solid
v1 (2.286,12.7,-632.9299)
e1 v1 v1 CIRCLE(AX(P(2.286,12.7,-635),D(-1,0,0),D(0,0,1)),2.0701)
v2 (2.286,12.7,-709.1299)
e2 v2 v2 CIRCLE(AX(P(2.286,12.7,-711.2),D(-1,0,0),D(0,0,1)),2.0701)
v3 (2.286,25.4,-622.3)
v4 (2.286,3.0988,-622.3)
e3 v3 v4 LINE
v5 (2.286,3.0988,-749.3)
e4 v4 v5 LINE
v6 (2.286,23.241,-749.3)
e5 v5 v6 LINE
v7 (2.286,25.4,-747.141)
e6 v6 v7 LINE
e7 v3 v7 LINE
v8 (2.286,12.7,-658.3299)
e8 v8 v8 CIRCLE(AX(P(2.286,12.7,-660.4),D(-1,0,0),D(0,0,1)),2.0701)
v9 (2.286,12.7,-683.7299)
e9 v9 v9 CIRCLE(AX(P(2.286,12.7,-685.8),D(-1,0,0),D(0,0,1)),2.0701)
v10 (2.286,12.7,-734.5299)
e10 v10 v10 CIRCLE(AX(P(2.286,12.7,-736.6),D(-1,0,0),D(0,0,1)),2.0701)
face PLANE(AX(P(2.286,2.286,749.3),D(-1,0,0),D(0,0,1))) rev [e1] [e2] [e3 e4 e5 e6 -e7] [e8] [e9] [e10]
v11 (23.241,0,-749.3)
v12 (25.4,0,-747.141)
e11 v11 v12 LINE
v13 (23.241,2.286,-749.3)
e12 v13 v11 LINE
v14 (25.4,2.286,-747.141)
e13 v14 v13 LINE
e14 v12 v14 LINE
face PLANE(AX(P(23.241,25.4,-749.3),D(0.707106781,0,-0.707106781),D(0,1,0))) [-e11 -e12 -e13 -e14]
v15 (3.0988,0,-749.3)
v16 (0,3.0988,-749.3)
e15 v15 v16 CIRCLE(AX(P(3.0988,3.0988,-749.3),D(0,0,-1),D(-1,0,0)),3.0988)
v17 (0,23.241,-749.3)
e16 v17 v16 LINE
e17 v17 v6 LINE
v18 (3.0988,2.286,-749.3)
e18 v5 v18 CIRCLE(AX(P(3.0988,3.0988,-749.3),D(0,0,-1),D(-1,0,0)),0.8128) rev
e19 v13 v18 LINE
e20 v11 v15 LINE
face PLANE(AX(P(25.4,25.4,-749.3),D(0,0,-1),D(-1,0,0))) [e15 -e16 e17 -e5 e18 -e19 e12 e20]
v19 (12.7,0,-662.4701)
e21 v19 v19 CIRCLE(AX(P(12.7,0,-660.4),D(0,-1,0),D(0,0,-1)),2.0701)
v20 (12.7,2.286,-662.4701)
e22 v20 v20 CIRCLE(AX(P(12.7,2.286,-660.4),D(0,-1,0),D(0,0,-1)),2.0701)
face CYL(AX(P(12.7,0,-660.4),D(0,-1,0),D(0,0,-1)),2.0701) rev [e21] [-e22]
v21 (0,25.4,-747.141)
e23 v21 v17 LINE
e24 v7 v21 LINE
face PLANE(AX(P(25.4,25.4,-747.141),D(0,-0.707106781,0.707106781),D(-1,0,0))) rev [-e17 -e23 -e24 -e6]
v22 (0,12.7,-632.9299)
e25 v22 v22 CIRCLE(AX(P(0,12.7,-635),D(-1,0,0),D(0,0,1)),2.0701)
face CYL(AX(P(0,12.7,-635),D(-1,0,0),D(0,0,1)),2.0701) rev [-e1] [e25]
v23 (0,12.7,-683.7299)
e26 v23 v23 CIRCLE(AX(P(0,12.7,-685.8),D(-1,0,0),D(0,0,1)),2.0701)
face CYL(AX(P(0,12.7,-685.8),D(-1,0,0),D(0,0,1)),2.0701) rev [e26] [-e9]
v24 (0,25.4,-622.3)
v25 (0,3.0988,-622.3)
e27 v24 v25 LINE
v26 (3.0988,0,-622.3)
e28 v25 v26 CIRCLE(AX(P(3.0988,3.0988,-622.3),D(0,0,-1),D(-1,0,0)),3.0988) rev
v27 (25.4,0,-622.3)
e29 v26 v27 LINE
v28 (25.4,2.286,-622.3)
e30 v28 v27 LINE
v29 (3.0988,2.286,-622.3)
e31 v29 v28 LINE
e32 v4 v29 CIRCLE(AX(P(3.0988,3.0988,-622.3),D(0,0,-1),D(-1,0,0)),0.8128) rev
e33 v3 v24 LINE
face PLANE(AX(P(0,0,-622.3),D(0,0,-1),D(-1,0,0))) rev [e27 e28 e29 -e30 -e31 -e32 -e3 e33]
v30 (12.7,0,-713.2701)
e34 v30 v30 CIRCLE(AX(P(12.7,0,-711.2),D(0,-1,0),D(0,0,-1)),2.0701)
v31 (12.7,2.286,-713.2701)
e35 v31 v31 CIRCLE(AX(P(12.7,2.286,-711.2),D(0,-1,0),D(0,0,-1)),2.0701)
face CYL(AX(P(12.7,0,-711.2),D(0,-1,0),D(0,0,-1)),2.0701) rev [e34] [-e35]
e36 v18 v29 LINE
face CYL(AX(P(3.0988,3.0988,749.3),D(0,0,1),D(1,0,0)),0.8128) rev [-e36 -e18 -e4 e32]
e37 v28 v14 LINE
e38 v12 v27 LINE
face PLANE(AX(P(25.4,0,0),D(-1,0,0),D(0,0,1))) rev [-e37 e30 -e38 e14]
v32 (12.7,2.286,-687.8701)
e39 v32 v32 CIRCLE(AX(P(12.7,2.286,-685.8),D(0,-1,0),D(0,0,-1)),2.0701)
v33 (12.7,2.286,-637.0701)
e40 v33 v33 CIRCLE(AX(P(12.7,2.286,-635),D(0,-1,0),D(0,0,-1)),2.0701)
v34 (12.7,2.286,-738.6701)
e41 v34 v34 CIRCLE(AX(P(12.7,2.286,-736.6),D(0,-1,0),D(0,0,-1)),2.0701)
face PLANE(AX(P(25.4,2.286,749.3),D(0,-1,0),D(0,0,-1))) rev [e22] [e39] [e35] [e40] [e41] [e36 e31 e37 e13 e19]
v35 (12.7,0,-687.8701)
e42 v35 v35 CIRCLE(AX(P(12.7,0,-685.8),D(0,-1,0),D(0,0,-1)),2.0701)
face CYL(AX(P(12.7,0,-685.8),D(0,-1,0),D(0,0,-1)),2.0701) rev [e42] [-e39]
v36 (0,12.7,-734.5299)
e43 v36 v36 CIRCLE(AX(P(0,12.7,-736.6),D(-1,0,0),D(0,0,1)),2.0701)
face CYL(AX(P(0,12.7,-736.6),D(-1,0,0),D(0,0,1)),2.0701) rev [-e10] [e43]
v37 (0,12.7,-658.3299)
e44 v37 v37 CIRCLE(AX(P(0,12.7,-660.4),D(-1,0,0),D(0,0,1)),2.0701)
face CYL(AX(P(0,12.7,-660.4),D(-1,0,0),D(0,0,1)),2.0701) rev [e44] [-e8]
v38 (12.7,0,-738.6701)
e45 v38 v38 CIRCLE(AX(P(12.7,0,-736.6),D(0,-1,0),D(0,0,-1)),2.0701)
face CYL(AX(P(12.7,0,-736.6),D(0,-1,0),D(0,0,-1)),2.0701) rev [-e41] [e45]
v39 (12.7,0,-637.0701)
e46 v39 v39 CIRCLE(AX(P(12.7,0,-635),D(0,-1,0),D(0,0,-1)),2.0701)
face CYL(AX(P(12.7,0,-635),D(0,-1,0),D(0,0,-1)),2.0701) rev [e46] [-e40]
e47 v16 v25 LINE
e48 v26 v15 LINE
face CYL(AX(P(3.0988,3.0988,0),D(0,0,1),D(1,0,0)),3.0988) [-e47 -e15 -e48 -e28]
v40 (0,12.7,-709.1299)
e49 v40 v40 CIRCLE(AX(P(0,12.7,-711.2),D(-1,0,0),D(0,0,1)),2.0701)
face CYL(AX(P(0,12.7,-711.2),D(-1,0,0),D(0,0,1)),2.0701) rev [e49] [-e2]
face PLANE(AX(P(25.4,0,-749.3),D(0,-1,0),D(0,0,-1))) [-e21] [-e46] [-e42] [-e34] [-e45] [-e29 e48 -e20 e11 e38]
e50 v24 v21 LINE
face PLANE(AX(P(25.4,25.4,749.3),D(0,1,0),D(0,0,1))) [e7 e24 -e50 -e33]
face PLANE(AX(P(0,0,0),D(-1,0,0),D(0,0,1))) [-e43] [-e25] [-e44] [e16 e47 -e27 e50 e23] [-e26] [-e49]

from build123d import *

# Parameters (mm, degrees)
SKETCH1_W                  = 25.4
SKETCH1_H                  = 1498.6
BOSS_EXTRUDE1_DEPTH        = 25.4
SKETCH2_W                  = 23.114
SKETCH2_H                  = 23.114
CUT_EXTRUDE1_DEPTH         = 1499.6
M3_5_CLEARANCE_HOLE1_D     = 4.1402
M3_5_CLEARANCE_HOLE1_DEPTH = 25.4
M3_5_CLEARANCE_HOLE2_D     = 4.1402
M3_5_CLEARANCE_HOLE2_DEPTH = 25.4
CHAMFER1_SIZE              = 2.159
FILLET1_R                  = 0.8128
FILLET2_R                  = 3.0988
SKETCH8_W                  = 95.882963774
SKETCH8_H                  = 79.338329604
CUT_EXTRUDE3_DEPTH         = 1371.6


with BuildPart() as part:
    # Sketch1 → Boss-Extrude1 (new body)
    with BuildSketch(Plane(origin=(0, 0, 0), x_dir=(0, -1, 0), z_dir=(-1, 0, 0))):
        with Locations((-12.7, 0)):
            Rectangle(SKETCH1_W, SKETCH1_H)
    extrude(amount=-BOSS_EXTRUDE1_DEPTH)

    # Sketch2 → Cut-Extrude1 (cut, through all)
    with BuildSketch(Plane(origin=(0, 0, -749.3), x_dir=(-1, 0, 0), z_dir=(0, 0, -1))):
        with Locations((-13.843, 13.843)):
            Rectangle(SKETCH2_W, SKETCH2_H)
    extrude(amount=-CUT_EXTRUDE1_DEPTH, mode=Mode.SUBTRACT)

    # M3.5 Clearance Hole1
    with Locations(Plane(origin=(0, 0, 0), x_dir=(-1, 0, 0), z_dir=(0, -1, 0))):
        with Locations((-12.7, 736.6), (-12.7, 711.2), (-12.7, 685.8), (-12.7, 660.4), (-12.7, 635), (-12.7, 609.6), (-12.7, 584.2), (-12.7, 558.8), (-12.7, 533.4), (-12.7, 508), (-12.7, 482.6), (-12.7, 457.2), (-12.7, 431.8), (-12.7, 406.4), (-12.7, 381), (-12.7, 355.6), (-12.7, 330.2), (-12.7, 304.8), (-12.7, 279.4), (-12.7, 254), (-12.7, 228.6), (-12.7, 203.2), (-12.7, 177.8), (-12.7, 152.4), (-12.7, 127), (-12.7, 101.6), (-12.7, 76.2), (-12.7, 50.8), (-12.7, 25.4), (-12.7, 0), (-12.7, -25.4), (-12.7, -50.8), (-12.7, -76.2), (-12.7, -101.6), (-12.7, -127), (-12.7, -152.4), (-12.7, -177.8), (-12.7, -203.2), (-12.7, -228.6), (-12.7, -254), (-12.7, -279.4), (-12.7, -304.8), (-12.7, -330.2), (-12.7, -355.6), (-12.7, -381), (-12.7, -406.4), (-12.7, -431.8), (-12.7, -457.2), (-12.7, -482.6), (-12.7, -508), (-12.7, -533.4), (-12.7, -558.8), (-12.7, -584.2), (-12.7, -609.6), (-12.7, -635), (-12.7, -660.4), (-12.7, -685.8), (-12.7, -711.2), (-12.7, -736.6)):
            Hole(M3_5_CLEARANCE_HOLE1_D / 2, depth=M3_5_CLEARANCE_HOLE1_DEPTH)

    # M3.5 Clearance Hole2
    with Locations(Plane.ZY):
        with Locations((711.2, 12.7), (736.6, 12.7), (685.8, 12.7), (660.4, 12.7), (635, 12.7), (609.6, 12.7), (584.2, 12.7), (558.8, 12.7), (533.4, 12.7), (508, 12.7), (482.6, 12.7), (457.2, 12.7), (431.8, 12.7), (406.4, 12.7), (381, 12.7), (355.6, 12.7), (330.2, 12.7), (304.8, 12.7), (279.4, 12.7), (254, 12.7), (228.6, 12.7), (203.2, 12.7), (177.8, 12.7), (152.4, 12.7), (127, 12.7), (101.6, 12.7), (76.2, 12.7), (50.8, 12.7), (25.4, 12.7), (0, 12.7), (-25.4, 12.7), (-50.8, 12.7), (-76.2, 12.7), (-101.6, 12.7), (-127, 12.7), (-152.4, 12.7), (-177.8, 12.7), (-203.2, 12.7), (-228.6, 12.7), (-254, 12.7), (-279.4, 12.7), (-304.8, 12.7), (-330.2, 12.7), (-355.6, 12.7), (-381, 12.7), (-406.4, 12.7), (-431.8, 12.7), (-457.2, 12.7), (-482.6, 12.7), (-508, 12.7), (-533.4, 12.7), (-558.8, 12.7), (-584.2, 12.7), (-609.6, 12.7), (-635, 12.7), (-660.4, 12.7), (-685.8, 12.7), (-711.2, 12.7), (-736.6, 12.7)):
            Hole(M3_5_CLEARANCE_HOLE2_D / 2, depth=M3_5_CLEARANCE_HOLE2_DEPTH)

    # Chamfer1
    chamfer1_edges = [part.edges().sort_by_distance(p)[0] for p in [
        (25.4, 1.143, -749.3),
        (1.143, 25.4, 749.3),
        (1.143, 25.4, -749.3),
        (25.4, 1.143, 749.3),
    ]]
    chamfer(chamfer1_edges, length=CHAMFER1_SIZE)

    # Fillet1
    fillet1_edges = [part.edges().sort_by_distance(p)[0] for p in [
        (2.286, 2.286, 0),
    ]]
    fillet(fillet1_edges, radius=FILLET1_R)

    # Fillet2
    fillet2_edges = [part.edges().sort_by_distance(p)[0] for p in [
        (0, 0, 0),
    ]]
    fillet(fillet2_edges, radius=FILLET2_R)

    # Sketch8 → Cut-Extrude3 (cut)
    with BuildSketch(Plane.XY.offset(749.3)):
        with Locations((2.286, 3.0988)):
            Rectangle(SKETCH8_W, SKETCH8_H)
    extrude(amount=-CUT_EXTRUDE3_DEPTH, mode=Mode.SUBTRACT)


solid = part.part
